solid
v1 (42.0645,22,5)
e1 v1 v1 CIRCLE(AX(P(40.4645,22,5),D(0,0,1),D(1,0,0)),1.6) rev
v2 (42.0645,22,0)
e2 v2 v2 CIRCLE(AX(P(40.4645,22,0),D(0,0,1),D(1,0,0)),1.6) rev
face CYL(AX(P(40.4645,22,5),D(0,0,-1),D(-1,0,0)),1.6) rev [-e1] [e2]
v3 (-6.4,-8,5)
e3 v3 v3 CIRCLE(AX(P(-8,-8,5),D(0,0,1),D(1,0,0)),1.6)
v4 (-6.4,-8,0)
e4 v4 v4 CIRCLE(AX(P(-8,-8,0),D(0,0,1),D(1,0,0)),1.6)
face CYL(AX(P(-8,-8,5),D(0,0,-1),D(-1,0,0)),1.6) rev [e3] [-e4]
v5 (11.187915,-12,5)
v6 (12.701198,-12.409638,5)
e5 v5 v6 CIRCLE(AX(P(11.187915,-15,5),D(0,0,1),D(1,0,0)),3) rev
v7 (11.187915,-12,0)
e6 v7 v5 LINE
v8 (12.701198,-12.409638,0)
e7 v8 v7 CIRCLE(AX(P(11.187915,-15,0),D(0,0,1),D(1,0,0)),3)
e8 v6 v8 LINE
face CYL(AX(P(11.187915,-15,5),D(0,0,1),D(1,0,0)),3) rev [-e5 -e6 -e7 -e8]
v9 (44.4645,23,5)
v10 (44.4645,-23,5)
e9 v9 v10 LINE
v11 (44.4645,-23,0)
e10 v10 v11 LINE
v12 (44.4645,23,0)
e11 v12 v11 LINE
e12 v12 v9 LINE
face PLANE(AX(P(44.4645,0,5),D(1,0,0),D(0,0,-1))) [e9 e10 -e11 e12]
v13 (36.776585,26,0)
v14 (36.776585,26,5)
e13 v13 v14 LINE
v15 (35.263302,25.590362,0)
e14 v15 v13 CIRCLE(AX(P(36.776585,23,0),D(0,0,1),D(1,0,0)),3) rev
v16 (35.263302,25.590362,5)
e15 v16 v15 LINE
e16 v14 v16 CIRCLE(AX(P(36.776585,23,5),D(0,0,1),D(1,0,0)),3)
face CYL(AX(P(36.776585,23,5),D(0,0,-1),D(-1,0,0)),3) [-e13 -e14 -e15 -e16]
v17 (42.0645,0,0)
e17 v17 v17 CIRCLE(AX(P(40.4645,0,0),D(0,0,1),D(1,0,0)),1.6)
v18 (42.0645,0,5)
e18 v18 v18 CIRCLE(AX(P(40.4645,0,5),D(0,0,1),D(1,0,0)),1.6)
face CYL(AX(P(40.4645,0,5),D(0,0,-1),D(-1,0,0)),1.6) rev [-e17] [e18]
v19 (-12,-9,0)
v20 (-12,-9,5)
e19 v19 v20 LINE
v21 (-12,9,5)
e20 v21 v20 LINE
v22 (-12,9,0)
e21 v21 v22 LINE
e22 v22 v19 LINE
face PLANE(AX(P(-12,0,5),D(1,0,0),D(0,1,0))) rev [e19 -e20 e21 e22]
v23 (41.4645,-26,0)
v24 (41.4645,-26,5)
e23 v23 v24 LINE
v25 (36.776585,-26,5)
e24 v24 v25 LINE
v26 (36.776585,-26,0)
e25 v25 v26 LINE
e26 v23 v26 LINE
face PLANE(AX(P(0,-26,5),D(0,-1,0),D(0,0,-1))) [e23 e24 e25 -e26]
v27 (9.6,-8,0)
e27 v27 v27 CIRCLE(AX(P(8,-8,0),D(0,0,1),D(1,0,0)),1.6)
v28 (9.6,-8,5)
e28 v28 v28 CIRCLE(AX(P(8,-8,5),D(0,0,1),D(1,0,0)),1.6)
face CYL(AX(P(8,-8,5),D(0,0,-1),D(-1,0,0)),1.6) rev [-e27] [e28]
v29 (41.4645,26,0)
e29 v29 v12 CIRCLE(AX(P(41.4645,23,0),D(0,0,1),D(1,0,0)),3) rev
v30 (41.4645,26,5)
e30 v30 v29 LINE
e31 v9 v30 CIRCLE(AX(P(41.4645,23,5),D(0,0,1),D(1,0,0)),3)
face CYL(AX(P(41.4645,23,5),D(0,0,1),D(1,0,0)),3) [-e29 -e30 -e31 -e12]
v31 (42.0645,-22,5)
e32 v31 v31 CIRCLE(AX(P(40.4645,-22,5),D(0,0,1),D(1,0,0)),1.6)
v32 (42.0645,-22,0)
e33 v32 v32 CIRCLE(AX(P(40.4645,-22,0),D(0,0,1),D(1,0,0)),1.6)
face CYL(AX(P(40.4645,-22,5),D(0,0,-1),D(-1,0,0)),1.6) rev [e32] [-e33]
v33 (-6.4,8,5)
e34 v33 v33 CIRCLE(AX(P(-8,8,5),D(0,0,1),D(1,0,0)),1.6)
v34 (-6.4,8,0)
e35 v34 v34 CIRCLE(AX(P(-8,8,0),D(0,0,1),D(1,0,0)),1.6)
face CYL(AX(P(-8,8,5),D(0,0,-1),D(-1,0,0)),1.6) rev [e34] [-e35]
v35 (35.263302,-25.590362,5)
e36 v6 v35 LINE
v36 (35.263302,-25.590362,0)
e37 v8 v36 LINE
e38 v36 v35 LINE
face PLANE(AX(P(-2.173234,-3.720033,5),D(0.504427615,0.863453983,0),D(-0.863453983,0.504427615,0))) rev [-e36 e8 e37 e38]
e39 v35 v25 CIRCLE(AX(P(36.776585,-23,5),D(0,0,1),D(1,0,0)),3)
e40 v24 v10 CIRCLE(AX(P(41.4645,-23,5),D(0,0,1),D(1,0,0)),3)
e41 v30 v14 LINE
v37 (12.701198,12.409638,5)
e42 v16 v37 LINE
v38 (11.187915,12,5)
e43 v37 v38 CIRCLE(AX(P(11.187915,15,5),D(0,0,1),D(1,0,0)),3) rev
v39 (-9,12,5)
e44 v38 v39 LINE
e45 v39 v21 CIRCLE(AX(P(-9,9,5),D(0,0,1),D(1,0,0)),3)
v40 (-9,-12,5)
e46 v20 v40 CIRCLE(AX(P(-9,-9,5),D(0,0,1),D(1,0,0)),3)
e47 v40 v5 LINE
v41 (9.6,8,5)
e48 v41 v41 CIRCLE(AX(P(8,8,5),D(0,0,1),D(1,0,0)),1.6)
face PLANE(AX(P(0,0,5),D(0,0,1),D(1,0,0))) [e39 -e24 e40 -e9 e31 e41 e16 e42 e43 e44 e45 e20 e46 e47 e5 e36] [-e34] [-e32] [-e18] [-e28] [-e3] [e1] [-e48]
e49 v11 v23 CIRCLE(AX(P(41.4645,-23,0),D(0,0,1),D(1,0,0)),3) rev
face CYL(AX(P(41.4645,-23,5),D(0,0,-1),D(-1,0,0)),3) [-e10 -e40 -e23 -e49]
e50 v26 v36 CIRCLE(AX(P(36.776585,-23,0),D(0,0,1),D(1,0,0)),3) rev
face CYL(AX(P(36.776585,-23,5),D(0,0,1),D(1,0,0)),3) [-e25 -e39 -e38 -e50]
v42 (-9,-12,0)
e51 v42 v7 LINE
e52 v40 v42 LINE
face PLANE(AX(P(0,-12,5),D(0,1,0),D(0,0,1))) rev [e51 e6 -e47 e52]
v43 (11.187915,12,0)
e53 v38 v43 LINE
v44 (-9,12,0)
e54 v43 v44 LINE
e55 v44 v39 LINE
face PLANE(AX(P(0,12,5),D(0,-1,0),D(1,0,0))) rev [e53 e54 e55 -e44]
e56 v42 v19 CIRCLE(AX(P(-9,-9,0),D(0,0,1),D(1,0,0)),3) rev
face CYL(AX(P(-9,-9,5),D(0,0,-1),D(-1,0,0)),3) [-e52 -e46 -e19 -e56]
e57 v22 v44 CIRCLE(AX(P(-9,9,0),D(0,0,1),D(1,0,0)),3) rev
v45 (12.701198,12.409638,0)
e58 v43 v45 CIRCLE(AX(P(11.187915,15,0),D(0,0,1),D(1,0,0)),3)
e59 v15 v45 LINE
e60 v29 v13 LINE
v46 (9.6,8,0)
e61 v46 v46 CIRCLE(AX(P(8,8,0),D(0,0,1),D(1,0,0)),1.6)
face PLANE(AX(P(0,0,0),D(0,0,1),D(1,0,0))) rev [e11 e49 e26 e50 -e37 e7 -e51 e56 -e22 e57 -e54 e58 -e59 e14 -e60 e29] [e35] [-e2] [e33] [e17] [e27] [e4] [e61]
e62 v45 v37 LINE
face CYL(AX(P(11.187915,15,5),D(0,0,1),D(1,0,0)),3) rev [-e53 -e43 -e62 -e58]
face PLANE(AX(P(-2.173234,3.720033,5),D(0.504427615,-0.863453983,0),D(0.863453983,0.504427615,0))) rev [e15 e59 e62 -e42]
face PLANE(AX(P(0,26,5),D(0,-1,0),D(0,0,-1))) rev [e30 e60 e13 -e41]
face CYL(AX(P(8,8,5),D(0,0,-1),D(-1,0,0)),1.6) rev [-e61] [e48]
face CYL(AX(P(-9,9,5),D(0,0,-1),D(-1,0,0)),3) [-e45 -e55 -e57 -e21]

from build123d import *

# Parameters (mm, degrees)
SKETCH_1_R      = 1.6
EXTRUDE_1_DEPTH = 5
FILLET_1_R      = 3


with BuildPart() as part:
    # 草图1 → 凸台-拉伸1 (new body)
    with BuildSketch(Plane.XY):
        Polygon((44.464500341, -26), (44.464500341, 26), (35.964500341, 26), (12, 12), (-12, 12), (-12, -12), (12, -12), (35.964500341, -26), align=None)
        with Locations((40.464500341, -22)):
            Circle(SKETCH_1_R, mode=Mode.SUBTRACT)
        with Locations((40.464500341, 0)):
            Circle(SKETCH_1_R, mode=Mode.SUBTRACT)
        with Locations((40.464500341, 22)):
            Circle(SKETCH_1_R, mode=Mode.SUBTRACT)
        with Locations((-8, -8)):
            Circle(SKETCH_1_R, mode=Mode.SUBTRACT)
        with Locations((-8, 8)):
            Circle(SKETCH_1_R, mode=Mode.SUBTRACT)
        with Locations((8, 8)):
            Circle(SKETCH_1_R, mode=Mode.SUBTRACT)
        with Locations((8, -8)):
            Circle(SKETCH_1_R, mode=Mode.SUBTRACT)
    extrude(amount=EXTRUDE_1_DEPTH)

    # 圆角1
    fillet_1_edges = [part.edges().sort_by_distance(p)[0] for p in [
        (-12, -12, 2.5),
        (-12, 12, 2.5),
        (12, 12, 2.5),
        (35.964500341, 26, 2.5),
        (44.464500341, 26, 2.5),
        (44.464500341, -26, 2.5),
        (35.964500341, -26, 2.5),
        (12, -12, 2.5),
    ]]
    fillet(fillet_1_edges, radius=FILLET_1_R)


solid = part.part
